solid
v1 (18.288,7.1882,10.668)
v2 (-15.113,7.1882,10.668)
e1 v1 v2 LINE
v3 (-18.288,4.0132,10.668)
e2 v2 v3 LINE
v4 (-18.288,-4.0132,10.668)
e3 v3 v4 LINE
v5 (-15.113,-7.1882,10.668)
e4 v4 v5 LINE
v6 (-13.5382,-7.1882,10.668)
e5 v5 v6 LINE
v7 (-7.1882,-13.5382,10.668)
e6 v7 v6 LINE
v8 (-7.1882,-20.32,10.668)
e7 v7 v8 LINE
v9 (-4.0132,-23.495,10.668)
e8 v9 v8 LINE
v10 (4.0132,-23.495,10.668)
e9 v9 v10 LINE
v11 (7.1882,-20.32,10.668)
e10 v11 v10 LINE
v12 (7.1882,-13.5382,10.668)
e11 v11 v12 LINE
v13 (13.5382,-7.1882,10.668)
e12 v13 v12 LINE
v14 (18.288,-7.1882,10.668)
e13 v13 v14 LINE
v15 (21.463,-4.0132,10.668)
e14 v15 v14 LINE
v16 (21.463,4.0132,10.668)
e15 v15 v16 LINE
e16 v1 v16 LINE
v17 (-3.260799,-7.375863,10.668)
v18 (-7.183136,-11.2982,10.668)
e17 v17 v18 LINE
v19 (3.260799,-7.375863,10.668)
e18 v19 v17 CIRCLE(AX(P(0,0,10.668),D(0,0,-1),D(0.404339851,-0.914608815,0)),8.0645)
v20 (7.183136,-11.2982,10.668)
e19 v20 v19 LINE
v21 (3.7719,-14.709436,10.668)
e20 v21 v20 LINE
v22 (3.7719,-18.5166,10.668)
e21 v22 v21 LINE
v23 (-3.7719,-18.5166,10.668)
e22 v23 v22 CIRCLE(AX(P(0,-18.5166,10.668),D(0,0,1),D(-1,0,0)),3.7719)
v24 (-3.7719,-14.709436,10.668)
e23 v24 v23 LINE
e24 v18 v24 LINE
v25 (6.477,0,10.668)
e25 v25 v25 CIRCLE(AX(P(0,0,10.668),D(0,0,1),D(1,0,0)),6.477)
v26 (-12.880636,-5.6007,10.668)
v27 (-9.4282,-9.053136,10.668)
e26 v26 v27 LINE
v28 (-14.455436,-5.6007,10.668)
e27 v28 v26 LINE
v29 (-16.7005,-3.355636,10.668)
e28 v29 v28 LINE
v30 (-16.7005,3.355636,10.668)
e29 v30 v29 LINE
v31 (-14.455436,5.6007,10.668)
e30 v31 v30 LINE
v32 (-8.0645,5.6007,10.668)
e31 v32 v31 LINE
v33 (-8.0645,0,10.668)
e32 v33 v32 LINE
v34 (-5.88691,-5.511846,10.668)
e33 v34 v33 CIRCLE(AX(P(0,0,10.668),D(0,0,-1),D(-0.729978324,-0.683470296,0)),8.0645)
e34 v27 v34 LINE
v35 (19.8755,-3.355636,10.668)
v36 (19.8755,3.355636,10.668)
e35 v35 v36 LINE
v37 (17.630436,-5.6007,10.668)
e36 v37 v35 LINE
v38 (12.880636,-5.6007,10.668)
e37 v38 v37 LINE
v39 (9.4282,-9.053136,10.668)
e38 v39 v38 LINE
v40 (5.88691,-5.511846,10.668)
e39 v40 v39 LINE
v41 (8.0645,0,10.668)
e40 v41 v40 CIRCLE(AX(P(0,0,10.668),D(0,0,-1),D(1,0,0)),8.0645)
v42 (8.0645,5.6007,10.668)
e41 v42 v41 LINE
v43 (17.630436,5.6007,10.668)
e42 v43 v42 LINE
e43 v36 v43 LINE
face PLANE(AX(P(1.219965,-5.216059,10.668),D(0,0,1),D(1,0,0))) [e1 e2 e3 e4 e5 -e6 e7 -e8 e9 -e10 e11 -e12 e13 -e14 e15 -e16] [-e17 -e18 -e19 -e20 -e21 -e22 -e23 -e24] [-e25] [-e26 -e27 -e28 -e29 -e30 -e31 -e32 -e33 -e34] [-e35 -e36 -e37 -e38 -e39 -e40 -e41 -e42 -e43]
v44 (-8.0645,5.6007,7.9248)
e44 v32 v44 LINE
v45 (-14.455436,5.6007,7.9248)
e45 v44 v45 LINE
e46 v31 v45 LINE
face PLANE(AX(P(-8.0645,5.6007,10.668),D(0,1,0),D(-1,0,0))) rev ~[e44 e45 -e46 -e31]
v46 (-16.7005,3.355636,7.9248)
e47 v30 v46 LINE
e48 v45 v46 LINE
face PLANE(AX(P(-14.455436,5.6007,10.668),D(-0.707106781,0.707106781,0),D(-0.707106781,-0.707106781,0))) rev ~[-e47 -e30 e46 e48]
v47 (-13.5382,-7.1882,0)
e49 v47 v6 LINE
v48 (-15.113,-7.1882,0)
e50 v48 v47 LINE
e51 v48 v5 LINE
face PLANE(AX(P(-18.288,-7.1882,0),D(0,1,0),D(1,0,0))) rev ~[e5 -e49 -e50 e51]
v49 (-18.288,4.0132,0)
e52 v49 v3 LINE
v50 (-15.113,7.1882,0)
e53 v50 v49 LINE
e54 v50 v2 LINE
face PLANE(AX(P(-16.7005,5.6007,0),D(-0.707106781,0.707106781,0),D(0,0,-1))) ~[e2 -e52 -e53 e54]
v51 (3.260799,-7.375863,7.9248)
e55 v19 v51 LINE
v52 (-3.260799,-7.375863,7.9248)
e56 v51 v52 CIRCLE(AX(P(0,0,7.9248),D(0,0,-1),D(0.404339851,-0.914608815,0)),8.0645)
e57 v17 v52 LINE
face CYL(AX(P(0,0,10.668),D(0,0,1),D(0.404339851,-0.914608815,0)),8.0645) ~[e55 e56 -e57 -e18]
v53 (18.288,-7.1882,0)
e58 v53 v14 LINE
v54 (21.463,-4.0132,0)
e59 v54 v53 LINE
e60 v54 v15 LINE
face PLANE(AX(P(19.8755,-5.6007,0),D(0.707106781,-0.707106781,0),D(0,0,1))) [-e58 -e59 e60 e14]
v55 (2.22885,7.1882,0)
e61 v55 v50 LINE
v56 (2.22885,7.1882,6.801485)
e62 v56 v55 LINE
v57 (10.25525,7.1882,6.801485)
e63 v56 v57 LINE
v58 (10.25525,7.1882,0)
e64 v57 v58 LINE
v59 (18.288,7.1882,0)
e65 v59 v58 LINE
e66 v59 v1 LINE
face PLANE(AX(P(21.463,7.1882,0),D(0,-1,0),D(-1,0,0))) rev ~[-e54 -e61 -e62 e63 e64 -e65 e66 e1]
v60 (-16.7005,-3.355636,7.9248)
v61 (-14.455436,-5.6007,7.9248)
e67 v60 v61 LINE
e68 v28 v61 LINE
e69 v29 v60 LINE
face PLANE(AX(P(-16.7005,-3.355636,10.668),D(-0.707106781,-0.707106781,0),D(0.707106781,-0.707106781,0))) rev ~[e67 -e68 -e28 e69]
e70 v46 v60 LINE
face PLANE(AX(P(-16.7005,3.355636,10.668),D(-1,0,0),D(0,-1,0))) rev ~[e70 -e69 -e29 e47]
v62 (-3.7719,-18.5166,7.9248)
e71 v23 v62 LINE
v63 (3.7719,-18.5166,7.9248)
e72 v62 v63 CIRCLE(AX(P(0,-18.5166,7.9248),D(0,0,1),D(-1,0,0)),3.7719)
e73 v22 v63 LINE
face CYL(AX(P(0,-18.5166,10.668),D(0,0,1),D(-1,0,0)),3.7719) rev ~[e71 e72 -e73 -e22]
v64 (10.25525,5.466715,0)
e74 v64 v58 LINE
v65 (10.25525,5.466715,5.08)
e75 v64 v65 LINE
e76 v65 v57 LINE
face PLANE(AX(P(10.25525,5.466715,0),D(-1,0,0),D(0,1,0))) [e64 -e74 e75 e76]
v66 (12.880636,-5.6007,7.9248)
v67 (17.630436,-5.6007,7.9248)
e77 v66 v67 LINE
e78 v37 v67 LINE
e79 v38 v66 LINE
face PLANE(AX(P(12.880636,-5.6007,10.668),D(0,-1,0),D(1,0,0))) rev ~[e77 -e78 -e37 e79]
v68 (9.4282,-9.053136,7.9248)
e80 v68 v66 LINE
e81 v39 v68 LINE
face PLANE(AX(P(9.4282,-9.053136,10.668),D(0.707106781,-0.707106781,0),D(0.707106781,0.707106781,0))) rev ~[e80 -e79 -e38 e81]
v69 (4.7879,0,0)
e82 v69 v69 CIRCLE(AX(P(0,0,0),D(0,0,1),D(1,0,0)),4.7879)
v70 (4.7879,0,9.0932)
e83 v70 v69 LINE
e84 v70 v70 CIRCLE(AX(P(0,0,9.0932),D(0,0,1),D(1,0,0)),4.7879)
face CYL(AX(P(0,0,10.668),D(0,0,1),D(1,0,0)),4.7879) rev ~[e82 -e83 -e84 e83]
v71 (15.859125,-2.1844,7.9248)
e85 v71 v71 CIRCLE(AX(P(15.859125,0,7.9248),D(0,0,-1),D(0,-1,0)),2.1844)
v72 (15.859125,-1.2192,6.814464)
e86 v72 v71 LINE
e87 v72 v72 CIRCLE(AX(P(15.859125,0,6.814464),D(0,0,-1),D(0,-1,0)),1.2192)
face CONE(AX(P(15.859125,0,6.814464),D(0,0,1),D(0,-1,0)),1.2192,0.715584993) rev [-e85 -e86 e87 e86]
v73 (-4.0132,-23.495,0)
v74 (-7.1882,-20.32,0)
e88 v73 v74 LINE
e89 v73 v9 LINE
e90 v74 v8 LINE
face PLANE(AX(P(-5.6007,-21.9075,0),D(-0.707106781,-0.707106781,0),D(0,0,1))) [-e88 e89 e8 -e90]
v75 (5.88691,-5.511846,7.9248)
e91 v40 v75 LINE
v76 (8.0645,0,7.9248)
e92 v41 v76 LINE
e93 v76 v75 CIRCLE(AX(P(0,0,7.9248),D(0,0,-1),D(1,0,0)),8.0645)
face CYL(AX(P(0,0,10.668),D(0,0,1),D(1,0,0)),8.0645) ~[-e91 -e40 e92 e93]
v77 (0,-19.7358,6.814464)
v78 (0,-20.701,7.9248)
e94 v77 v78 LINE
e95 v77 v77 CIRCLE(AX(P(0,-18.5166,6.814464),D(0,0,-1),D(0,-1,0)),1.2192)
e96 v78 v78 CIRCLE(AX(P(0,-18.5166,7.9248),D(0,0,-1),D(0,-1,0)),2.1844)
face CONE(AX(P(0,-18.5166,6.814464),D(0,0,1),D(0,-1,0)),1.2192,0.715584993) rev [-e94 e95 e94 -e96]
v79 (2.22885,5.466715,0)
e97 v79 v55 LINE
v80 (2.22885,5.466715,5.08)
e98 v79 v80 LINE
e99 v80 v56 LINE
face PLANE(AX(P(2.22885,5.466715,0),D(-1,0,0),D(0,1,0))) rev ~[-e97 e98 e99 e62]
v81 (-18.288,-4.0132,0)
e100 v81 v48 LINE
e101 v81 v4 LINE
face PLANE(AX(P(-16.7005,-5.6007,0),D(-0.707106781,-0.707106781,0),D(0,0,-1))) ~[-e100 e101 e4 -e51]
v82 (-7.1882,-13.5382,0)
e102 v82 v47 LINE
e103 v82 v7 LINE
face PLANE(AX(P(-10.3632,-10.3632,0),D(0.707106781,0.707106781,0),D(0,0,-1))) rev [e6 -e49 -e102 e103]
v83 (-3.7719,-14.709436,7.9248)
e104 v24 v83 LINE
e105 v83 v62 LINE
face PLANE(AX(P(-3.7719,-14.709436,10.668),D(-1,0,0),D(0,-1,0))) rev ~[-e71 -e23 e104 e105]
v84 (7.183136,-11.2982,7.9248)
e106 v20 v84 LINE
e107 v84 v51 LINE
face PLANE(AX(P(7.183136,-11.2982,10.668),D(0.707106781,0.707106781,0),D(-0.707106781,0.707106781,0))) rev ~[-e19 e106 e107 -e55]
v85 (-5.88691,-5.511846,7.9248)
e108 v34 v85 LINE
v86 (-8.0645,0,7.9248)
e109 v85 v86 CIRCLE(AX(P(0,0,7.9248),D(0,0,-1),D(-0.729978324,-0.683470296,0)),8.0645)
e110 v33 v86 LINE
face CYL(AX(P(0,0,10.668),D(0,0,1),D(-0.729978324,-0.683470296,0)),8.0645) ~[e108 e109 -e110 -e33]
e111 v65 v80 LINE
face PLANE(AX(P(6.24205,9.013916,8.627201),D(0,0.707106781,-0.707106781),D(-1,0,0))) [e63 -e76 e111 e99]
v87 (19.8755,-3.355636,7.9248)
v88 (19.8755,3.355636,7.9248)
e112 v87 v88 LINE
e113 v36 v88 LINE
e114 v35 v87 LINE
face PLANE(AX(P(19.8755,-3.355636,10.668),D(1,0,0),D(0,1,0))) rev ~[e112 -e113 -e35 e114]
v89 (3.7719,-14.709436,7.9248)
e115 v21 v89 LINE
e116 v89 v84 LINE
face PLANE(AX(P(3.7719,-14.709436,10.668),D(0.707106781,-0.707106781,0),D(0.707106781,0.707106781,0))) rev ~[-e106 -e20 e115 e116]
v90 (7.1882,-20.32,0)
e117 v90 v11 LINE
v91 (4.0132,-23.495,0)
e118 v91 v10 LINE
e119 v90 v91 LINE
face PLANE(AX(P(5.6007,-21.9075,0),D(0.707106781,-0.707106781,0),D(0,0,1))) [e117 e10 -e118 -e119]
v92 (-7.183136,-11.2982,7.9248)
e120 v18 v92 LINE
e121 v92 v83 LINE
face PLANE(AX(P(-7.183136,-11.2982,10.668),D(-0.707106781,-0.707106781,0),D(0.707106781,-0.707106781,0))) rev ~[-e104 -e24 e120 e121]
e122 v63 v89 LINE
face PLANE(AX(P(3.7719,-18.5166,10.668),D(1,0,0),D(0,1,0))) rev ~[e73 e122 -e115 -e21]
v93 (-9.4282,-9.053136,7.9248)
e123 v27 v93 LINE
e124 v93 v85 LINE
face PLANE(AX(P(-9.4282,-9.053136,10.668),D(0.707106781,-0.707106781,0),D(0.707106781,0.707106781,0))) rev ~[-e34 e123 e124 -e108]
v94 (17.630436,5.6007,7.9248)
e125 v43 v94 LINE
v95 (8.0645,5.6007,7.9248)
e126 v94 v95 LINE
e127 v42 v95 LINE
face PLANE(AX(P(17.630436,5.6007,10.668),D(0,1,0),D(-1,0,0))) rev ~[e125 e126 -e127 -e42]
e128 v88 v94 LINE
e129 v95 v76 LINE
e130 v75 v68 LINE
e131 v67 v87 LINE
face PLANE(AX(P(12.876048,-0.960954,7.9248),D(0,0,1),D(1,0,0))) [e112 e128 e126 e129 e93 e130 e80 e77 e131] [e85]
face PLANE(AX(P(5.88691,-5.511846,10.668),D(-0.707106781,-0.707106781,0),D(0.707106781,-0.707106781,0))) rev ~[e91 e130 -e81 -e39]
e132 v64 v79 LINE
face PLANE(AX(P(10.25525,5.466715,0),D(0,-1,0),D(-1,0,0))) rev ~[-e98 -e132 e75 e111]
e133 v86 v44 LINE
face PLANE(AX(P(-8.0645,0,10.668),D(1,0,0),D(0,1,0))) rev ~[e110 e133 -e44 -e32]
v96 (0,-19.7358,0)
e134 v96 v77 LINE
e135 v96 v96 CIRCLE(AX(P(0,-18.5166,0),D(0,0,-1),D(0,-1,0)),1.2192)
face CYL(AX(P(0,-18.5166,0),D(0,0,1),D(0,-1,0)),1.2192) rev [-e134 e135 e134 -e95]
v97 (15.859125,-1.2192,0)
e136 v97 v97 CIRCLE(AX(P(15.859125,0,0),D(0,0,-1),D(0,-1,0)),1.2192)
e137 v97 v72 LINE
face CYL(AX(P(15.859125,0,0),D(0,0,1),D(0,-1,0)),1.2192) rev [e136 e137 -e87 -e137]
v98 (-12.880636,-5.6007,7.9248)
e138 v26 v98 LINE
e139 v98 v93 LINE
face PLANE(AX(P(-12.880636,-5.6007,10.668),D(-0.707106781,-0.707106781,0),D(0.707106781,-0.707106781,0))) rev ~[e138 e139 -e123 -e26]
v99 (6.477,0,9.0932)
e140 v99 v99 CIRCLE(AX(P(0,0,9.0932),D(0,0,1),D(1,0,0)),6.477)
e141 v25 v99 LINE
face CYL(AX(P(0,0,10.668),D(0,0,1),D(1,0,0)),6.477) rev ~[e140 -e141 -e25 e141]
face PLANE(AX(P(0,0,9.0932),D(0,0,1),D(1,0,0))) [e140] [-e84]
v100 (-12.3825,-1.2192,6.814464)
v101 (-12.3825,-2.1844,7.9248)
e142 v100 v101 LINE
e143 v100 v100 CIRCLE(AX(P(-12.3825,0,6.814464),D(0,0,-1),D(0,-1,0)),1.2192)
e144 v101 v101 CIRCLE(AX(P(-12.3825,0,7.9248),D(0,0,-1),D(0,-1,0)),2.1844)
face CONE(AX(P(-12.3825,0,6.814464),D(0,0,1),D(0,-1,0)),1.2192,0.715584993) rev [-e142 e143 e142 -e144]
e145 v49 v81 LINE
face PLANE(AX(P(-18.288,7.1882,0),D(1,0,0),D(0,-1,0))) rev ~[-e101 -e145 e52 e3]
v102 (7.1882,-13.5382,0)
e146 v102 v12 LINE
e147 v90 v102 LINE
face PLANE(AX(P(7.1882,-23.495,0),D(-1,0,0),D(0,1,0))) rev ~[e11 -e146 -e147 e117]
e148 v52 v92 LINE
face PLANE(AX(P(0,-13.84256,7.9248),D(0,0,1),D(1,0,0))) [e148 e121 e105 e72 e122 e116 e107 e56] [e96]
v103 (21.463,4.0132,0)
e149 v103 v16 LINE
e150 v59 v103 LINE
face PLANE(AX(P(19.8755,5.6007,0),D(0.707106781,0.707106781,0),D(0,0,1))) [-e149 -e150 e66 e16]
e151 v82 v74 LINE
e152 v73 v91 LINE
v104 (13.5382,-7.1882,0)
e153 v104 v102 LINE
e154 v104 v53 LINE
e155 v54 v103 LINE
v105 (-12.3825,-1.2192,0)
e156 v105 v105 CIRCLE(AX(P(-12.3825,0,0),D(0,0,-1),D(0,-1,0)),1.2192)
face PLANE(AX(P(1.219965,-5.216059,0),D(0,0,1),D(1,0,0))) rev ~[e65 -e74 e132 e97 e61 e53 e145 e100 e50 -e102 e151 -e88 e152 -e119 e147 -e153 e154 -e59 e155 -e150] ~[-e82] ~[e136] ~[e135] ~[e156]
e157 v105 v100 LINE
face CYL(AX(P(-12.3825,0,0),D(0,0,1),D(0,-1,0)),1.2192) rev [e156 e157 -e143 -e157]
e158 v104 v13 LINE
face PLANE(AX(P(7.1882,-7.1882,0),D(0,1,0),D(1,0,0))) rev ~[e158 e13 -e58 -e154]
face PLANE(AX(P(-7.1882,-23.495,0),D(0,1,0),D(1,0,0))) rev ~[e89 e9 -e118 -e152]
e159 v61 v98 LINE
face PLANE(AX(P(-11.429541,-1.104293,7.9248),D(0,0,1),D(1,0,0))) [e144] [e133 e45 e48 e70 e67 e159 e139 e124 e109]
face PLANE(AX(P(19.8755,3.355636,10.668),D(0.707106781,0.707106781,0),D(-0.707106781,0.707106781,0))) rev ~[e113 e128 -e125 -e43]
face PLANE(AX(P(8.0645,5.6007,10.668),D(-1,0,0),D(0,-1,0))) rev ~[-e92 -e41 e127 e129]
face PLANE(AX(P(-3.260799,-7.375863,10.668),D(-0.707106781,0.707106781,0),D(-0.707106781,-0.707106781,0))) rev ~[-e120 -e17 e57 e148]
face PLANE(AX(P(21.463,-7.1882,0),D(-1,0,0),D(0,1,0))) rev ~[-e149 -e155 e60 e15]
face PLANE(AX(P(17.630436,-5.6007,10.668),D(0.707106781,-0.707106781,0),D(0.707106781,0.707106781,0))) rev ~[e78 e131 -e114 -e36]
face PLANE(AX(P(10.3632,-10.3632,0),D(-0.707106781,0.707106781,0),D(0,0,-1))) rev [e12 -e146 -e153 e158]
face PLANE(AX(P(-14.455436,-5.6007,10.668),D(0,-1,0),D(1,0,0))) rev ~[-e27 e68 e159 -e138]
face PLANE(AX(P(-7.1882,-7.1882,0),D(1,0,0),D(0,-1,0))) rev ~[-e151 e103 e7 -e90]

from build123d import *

# Parameters (mm, degrees)
BOSS_EXTRUDE1_DEPTH                           = 10.668
CSK_FOR_2_FLAT_HEAD_MACHINE_SCREW1_AT_2_COUNT = 2
CSK_FOR_2_FLAT_HEAD_MACHINE_SCREW1_AT_2_PITCH = 28.241625
CSK_FOR_2_FLAT_HEAD_MACHINE_SCREW1_AT_3_COUNT = 2
CSK_FOR_2_FLAT_HEAD_MACHINE_SCREW1_AT_3_PITCH = 24.379834317
SKETCH4_R                                     = 6.477
CUT_EXTRUDE1_DEPTH                            = 1.5748
SKETCH5_R                                     = 4.7879
CUT_EXTRUDE2_DEPTH                            = 11.668
SKETCH6_W                                     = 8.0264
SKETCH6_H                                     = 10.033
CUT_EXTRUDE3_DEPTH                            = 5.08
DRAFT2_ANGLE                                  = 45
CHAMFER1_SIZE                                 = 3.175
CHAMFER2_SIZE                                 = 6.35
CUT_EXTRUDE4_DEPTH                            = 2.7432


with BuildPart() as part:
    # Sketch1 → Boss-Extrude1 (new body)
    with BuildSketch(Plane.XY):
        Polygon((21.463, 7.1882), (-18.288, 7.1882), (-18.288, -7.1882), (-7.1882, -7.1882), (-7.1882, -23.495), (7.1882, -23.495), (7.1882, -7.1882), (21.463, -7.1882), align=None)
    extrude(amount=BOSS_EXTRUDE1_DEPTH)

    # Sketch3 → CSK for #2 Flat Head Machine Screw1 (revolve, cut)
    with BuildSketch(Plane(origin=(15.859125, 0, 10.668), x_dir=(0, -1, 0), z_dir=(1, 0, 0))):
        Polygon((0, 0), (0, 10.668), (1.2192, 10.668), (1.2192, 3.853535587), (2.1844, 2.7432), (2.1844, 0), align=None)
    csk_for_2_flat_head_machine_screw1 = revolve(axis=Axis((15.859125, 0, 17.018), (0, 0, -1)), mode=Mode.SUBTRACT)

    # CSK for #2 Flat Head Machine Screw1 at 2: CSK for #2 Flat Head Machine Screw1 ×2
    with Locations(*[(-i * CSK_FOR_2_FLAT_HEAD_MACHINE_SCREW1_AT_2_PITCH, 0, 0) for i in range(1, CSK_FOR_2_FLAT_HEAD_MACHINE_SCREW1_AT_2_COUNT)]):
        add(csk_for_2_flat_head_machine_screw1, mode=Mode.SUBTRACT)

    # CSK for #2 Flat Head Machine Screw1 at 3: CSK for #2 Flat Head Machine Screw1 ×2
    with Locations(*[Vector(-0.650501755, -0.759504751, 0) * (i * CSK_FOR_2_FLAT_HEAD_MACHINE_SCREW1_AT_3_PITCH) for i in range(1, CSK_FOR_2_FLAT_HEAD_MACHINE_SCREW1_AT_3_COUNT)]):
        add(csk_for_2_flat_head_machine_screw1, mode=Mode.SUBTRACT)

    # Sketch4 → Cut-Extrude1 (cut)
    with BuildSketch(Plane.XY.offset(10.668)):
        Circle(SKETCH4_R)
    extrude(amount=-CUT_EXTRUDE1_DEPTH, mode=Mode.SUBTRACT)

    # Sketch5 → Cut-Extrude2 (cut, through all)
    with BuildSketch(Plane.XY.offset(10.668)):
        Circle(SKETCH5_R)
    extrude(amount=-CUT_EXTRUDE2_DEPTH, mode=Mode.SUBTRACT)

    # Sketch6 → Cut-Extrude3 (cut)
    with BuildSketch(Plane(origin=(0, 0, 0), x_dir=(-1, 0, 0), z_dir=(0, 0, -1))):
        with Locations((-6.24205, 10.483214746)):
            Rectangle(SKETCH6_W, SKETCH6_H)
    extrude(amount=-CUT_EXTRUDE3_DEPTH, mode=Mode.SUBTRACT)

    # Draft2
    draft2_faces = [part.faces().sort_by_distance(p)[0] for p in [
        (6.24205, 6.327457373, 5.08),
    ]]
    draft(draft2_faces, Plane(origin=(10.25525, 5.466714746, 5.08), x_dir=(1, 0, 0), z_dir=(0, 1, 0)), DRAFT2_ANGLE)

    # Chamfer1
    chamfer1_edges = [part.edges().sort_by_distance(p)[0] for p in [
        (21.463, -7.1882, 5.334),
        (7.1882, -23.495, 5.334),
        (-7.1882, -23.495, 5.334),
        (-18.288, -7.1882, 5.334),
        (-18.288, 7.1882, 5.334),
        (21.463, 7.1882, 5.334),
    ]]
    chamfer(chamfer1_edges, length=CHAMFER1_SIZE)

    # Chamfer2
    chamfer2_edges = [part.edges().sort_by_distance(p)[0] for p in [
        (7.1882, -7.1882, 5.334),
        (-7.1882, -7.1882, 5.334),
    ]]
    chamfer(chamfer2_edges, length=CHAMFER2_SIZE)

    # Sketch7 → Cut-Extrude4 (cut)
    with BuildSketch(Plane.XY.offset(10.668)):
        with BuildLine():
            Line((3.7719, -14.70943597), (7.183135951, -11.298200019))
            Line((7.183135951, -11.298200019), (3.260798724, -7.375862792))
            ThreePointArc((3.260798724, -7.375862792), (0, -8.0645), (-3.260798724, -7.375862792))
            Line((-3.260798724, -7.375862792), (-7.183135951, -11.298200019))
            Line((-7.183135951, -11.298200019), (-3.7719, -14.70943597))
            Line((-3.7719, -14.70943597), (-3.7719, -18.5166))
            ThreePointArc((-3.7719, -18.5166), (0, -22.2885), (3.7719, -18.5166))
            Line((3.7719, -18.5166), (3.7719, -14.70943597))
        make_face()
        with BuildLine():
            Line((12.88063597, -5.6007), (17.63043597, -5.6007))
            Line((17.63043597, -5.6007), (19.8755, -3.35563597))
            Line((19.8755, -3.35563597), (19.8755, 3.35563597))
            Line((19.8755, 3.35563597), (17.63043597, 5.6007))
            Line((17.63043597, 5.6007), (8.0645, 5.6007))
            Line((8.0645, 5.6007), (8.0645, 0))
            ThreePointArc((8.0645, 0), (7.500371575, -2.963205441), (5.886910197, -5.511846205))
            Line((5.886910197, -5.511846205), (9.428199981, -9.053135989))
            Line((9.428199981, -9.053135989), (12.88063597, -5.6007))
        make_face()
        with BuildLine():
            Line((-14.45543597, 5.6007), (-16.7005, 3.35563597))
            Line((-16.7005, 3.35563597), (-16.7005, -3.35563597))
            Line((-16.7005, -3.35563597), (-14.45543597, -5.6007))
            Line((-14.45543597, -5.6007), (-12.88063597, -5.6007))
            Line((-12.88063597, -5.6007), (-9.428199981, -9.053135989))
            Line((-9.428199981, -9.053135989), (-5.886910197, -5.511846205))
            ThreePointArc((-5.886910197, -5.511846205), (-7.500371575, -2.963205441), (-8.0645, 0))
            Line((-8.0645, 0), (-8.0645, 5.6007))
            Line((-8.0645, 5.6007), (-14.45543597, 5.6007))
        make_face()
    extrude(amount=-CUT_EXTRUDE4_DEPTH, mode=Mode.SUBTRACT)


solid = part.part
